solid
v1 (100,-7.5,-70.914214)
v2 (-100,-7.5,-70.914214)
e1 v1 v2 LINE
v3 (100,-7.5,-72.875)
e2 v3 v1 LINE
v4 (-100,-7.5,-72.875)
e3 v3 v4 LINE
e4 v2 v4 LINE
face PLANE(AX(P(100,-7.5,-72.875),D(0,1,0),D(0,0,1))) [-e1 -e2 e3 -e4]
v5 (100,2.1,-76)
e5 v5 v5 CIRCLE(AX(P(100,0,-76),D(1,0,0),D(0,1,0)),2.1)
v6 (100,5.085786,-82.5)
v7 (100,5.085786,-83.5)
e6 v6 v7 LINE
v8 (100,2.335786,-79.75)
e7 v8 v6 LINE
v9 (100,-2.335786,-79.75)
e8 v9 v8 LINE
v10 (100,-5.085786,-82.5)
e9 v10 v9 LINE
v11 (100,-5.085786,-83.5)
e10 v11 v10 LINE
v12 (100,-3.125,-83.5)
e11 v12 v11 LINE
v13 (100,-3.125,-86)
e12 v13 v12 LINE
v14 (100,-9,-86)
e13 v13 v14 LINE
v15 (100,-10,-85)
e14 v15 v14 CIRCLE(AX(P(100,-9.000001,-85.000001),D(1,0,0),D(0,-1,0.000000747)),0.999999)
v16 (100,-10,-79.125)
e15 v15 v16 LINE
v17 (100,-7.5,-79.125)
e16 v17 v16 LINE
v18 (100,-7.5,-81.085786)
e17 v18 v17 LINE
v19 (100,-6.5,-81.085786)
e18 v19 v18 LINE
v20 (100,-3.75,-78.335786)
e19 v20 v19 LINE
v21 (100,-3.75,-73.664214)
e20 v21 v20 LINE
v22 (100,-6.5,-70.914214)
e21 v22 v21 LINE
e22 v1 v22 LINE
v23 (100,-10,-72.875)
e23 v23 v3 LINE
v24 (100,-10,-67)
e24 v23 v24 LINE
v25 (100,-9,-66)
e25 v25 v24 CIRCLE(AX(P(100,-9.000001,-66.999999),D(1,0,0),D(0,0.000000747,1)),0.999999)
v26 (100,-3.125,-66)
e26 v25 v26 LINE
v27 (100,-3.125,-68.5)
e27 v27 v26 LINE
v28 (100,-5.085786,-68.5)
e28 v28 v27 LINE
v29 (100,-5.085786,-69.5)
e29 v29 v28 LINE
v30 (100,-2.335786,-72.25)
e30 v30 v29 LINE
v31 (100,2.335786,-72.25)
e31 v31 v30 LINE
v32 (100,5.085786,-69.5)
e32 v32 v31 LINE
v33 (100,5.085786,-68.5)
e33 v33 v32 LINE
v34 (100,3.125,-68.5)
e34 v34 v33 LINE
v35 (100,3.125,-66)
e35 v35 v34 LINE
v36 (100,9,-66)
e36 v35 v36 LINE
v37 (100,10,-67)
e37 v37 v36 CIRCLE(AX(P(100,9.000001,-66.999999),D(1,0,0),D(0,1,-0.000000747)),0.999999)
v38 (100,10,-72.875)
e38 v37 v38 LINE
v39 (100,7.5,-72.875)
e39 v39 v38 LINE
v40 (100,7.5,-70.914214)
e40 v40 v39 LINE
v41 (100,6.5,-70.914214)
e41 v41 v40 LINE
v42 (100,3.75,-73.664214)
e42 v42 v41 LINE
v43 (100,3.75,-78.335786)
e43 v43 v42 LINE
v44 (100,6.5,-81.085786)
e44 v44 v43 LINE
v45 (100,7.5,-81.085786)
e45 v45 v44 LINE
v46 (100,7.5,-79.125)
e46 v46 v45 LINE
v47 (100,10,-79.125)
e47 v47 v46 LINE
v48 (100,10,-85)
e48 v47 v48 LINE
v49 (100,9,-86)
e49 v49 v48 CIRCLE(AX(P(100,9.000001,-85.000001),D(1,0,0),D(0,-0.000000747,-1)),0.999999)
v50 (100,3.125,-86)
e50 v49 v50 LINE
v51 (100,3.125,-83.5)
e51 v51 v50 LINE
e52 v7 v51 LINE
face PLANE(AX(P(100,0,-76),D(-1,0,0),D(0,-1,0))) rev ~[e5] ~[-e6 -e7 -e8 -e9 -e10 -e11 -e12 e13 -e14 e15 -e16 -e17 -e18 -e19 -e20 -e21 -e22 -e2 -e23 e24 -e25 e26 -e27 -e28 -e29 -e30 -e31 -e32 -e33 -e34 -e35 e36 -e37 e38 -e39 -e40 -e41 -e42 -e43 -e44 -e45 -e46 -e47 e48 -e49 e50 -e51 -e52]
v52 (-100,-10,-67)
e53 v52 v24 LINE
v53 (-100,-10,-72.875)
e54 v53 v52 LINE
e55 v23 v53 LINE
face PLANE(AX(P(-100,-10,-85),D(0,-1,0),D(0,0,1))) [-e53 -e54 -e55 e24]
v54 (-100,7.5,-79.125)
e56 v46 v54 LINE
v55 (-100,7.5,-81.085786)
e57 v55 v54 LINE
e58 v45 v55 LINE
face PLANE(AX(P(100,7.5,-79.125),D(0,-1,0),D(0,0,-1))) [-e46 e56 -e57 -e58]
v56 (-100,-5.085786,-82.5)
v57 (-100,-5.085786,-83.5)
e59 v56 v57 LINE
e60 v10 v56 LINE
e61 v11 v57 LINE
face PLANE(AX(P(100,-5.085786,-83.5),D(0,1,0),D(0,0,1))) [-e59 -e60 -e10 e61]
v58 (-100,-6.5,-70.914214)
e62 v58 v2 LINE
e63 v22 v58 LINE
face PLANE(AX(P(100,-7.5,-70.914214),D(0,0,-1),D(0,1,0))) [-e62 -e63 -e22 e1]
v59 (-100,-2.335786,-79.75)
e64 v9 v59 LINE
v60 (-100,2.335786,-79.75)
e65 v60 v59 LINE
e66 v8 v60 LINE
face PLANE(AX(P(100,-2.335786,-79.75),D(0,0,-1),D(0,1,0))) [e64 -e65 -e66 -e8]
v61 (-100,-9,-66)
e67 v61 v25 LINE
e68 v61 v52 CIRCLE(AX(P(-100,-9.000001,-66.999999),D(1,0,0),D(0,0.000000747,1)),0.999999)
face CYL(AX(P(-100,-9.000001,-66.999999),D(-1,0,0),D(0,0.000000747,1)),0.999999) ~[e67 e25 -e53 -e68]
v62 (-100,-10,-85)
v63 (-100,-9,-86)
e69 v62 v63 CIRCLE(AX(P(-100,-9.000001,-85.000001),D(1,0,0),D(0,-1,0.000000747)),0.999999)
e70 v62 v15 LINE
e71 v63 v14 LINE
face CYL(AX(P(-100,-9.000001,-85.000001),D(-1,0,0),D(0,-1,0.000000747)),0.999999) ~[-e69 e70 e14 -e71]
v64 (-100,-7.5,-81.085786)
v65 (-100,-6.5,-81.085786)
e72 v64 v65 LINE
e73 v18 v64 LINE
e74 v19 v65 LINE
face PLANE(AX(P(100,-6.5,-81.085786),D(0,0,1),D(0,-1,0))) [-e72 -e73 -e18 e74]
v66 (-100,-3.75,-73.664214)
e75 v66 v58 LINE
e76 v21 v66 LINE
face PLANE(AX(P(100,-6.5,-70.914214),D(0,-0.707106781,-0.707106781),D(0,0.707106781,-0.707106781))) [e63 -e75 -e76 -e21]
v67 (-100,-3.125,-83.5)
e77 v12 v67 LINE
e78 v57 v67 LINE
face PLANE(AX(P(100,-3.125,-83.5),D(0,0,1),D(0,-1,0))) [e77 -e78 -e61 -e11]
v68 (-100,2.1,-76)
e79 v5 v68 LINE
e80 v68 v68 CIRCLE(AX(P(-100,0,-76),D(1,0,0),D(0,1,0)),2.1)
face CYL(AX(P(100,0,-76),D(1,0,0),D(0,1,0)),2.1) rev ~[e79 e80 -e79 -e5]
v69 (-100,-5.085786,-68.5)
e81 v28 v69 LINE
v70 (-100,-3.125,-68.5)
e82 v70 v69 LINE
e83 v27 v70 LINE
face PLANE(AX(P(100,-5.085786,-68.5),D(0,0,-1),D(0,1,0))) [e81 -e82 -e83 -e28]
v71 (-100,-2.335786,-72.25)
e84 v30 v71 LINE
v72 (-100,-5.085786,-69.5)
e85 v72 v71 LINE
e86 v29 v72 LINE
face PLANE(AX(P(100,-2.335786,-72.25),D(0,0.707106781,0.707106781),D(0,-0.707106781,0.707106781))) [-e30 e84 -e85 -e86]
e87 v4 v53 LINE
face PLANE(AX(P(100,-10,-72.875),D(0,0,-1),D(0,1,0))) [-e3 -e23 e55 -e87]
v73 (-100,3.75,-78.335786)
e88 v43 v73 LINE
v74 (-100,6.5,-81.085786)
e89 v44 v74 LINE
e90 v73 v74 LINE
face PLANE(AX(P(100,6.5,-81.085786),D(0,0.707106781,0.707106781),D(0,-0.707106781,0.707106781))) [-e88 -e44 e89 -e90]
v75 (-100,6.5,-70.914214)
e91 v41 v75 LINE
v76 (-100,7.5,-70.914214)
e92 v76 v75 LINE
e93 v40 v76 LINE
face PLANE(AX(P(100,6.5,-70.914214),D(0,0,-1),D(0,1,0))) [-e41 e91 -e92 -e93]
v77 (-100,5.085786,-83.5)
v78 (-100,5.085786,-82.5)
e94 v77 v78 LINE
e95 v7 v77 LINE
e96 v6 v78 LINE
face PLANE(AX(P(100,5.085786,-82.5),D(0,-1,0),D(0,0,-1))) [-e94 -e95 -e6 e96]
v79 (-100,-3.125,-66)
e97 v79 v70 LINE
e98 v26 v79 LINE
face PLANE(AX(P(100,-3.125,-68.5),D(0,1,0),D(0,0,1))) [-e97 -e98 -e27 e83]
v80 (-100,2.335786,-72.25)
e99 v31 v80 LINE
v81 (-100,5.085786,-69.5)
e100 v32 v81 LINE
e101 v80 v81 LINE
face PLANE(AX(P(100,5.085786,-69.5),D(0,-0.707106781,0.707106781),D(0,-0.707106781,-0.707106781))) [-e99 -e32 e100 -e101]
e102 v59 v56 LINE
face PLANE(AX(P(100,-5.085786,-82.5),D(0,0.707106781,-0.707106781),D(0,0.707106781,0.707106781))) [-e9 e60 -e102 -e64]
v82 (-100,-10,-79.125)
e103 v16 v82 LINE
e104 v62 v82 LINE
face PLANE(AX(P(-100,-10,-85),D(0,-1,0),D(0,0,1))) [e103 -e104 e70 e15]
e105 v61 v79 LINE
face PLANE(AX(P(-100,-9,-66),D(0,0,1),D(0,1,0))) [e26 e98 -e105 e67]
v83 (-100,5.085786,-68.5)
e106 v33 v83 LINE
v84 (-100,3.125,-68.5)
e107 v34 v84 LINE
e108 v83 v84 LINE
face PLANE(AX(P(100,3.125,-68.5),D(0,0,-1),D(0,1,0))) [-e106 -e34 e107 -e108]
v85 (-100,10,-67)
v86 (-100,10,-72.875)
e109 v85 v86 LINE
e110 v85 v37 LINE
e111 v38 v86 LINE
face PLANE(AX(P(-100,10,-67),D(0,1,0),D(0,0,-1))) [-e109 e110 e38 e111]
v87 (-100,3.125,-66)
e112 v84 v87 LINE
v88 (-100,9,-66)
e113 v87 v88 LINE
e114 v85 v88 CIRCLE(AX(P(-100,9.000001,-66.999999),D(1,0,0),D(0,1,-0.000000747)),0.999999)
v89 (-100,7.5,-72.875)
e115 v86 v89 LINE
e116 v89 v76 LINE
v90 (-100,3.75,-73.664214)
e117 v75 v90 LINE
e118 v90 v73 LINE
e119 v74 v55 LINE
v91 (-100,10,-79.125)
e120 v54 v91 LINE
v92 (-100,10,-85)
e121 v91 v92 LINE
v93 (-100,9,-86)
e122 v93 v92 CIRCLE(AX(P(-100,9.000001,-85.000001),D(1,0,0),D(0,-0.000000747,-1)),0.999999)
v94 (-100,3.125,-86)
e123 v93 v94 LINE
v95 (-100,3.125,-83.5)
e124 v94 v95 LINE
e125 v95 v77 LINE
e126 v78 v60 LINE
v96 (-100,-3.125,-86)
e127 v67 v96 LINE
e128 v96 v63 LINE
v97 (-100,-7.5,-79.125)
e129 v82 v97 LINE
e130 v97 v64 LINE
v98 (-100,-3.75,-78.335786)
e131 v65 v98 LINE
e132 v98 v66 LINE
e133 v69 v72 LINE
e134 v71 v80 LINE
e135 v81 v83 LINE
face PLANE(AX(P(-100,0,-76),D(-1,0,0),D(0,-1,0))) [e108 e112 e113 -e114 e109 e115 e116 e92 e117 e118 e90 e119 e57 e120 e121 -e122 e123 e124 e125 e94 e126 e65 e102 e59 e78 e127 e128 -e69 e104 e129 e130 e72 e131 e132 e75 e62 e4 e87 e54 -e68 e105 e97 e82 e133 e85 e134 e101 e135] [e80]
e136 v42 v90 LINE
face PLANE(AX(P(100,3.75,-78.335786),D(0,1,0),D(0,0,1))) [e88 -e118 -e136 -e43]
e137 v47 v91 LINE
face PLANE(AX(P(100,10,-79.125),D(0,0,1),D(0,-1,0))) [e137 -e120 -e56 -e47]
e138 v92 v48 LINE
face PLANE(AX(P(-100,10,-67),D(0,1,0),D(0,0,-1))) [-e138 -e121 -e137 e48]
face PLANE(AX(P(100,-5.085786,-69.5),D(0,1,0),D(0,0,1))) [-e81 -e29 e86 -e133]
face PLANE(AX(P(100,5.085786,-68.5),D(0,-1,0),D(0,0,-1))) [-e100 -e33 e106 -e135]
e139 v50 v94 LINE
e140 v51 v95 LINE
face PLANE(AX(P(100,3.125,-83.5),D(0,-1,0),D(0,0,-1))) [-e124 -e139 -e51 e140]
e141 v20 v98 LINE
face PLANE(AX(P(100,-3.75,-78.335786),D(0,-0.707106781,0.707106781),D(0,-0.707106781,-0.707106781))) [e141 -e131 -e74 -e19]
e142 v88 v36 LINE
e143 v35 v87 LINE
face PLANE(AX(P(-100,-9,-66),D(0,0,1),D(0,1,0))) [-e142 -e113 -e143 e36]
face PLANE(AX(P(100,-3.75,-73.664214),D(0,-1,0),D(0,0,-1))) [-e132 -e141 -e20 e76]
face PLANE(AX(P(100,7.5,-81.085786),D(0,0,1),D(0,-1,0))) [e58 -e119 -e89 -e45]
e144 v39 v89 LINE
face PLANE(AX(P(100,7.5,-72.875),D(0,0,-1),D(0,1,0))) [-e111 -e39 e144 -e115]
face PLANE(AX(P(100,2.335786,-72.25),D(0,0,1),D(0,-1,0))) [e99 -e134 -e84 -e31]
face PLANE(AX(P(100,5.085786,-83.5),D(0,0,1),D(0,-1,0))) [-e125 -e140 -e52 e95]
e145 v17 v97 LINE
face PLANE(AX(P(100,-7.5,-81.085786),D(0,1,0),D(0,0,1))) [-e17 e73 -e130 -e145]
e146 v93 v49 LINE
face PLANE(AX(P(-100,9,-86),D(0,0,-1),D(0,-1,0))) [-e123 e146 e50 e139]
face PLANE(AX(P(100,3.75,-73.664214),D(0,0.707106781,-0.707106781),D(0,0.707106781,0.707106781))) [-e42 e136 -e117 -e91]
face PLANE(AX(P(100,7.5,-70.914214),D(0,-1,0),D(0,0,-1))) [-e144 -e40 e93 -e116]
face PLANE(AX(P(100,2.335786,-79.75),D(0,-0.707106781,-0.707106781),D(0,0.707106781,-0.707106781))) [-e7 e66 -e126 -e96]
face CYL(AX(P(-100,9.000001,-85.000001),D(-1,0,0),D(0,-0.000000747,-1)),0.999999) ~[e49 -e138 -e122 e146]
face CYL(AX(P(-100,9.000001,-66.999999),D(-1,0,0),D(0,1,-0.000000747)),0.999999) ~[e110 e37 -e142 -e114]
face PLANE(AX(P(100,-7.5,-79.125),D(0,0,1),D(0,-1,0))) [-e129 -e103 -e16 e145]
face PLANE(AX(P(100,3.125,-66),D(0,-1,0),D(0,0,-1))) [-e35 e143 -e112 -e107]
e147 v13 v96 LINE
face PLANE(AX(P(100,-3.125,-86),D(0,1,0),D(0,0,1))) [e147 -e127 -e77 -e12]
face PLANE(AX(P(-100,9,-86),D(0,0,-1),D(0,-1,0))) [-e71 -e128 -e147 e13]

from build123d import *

# Parameters (mm, degrees)
PAD_DEPTH          = 200
POCKET_DEPTH       = 603.981198
POLARPATTERN_COUNT = 4
SKETCH002_R        = 2.1
POCKET001_DEPTH    = 200.001


with BuildPart() as part:
    # Sketch → Pad (new body)
    with BuildSketch(Plane.YZ):
        with BuildLine():
            Line((-9, 10), (9, 10))
            ThreePointArc((10, 9), (9.707107, 9.707107), (9, 10))
            Line((10, 9), (10, -9))
            ThreePointArc((9, -10), (9.707107, -9.707107), (10, -9))
            Line((9, -10), (-9, -10))
            ThreePointArc((-10, -9), (-9.707107, -9.707107), (-9, -10))
            Line((-10, -9), (-10, 9))
            ThreePointArc((-9, 10), (-9.707107, 9.707107), (-10, 9))
        make_face()
    extrude(amount=PAD_DEPTH)

    # Sketch001 (on Face10 of Pad) → Pocket (cut, through all)
    with BuildSketch(Plane.YZ.offset(200)):
        Polygon((-3.125, 10), (3.125, 10), (3.125, 7.5), (5.085786, 7.5), (5.085786, 6.5), (2.335786, 3.75), (-2.335786, 3.75), (-5.085786, 6.5), (-5.085786, 7.5), (-3.125, 7.5), align=None)
    pocket = extrude(amount=-POCKET_DEPTH, mode=Mode.SUBTRACT)

    # PolarPattern: Pocket ×4 about axis
    polarpattern_axis = Axis((200, 0, 0), (1, 0, 0))
    for i in range(1, POLARPATTERN_COUNT):
        add(pocket.rotate(polarpattern_axis, i * 360 / POLARPATTERN_COUNT), mode=Mode.SUBTRACT)

    # Sketch002 (on Face4 of PolarPattern) → Pocket001 (cut, through all)
    with BuildSketch(Plane.YZ.offset(200)):
        Circle(SKETCH002_R)
    extrude(amount=-POCKET001_DEPTH, mode=Mode.SUBTRACT)


with BuildPart() as part_1:
    # Body placement: moved
    add(part.part.moved(Location((-100, 0, 0))))


with BuildPart() as part_2:
    # Clone placement: moved
    add(part_1.part.moved(Location((100, 0, 0))))


with BuildPart() as part_3:
    # Body001 placement: moved
    add(part_2.part.moved(Location((-100, 0, -76))))


solid = part_3.part
